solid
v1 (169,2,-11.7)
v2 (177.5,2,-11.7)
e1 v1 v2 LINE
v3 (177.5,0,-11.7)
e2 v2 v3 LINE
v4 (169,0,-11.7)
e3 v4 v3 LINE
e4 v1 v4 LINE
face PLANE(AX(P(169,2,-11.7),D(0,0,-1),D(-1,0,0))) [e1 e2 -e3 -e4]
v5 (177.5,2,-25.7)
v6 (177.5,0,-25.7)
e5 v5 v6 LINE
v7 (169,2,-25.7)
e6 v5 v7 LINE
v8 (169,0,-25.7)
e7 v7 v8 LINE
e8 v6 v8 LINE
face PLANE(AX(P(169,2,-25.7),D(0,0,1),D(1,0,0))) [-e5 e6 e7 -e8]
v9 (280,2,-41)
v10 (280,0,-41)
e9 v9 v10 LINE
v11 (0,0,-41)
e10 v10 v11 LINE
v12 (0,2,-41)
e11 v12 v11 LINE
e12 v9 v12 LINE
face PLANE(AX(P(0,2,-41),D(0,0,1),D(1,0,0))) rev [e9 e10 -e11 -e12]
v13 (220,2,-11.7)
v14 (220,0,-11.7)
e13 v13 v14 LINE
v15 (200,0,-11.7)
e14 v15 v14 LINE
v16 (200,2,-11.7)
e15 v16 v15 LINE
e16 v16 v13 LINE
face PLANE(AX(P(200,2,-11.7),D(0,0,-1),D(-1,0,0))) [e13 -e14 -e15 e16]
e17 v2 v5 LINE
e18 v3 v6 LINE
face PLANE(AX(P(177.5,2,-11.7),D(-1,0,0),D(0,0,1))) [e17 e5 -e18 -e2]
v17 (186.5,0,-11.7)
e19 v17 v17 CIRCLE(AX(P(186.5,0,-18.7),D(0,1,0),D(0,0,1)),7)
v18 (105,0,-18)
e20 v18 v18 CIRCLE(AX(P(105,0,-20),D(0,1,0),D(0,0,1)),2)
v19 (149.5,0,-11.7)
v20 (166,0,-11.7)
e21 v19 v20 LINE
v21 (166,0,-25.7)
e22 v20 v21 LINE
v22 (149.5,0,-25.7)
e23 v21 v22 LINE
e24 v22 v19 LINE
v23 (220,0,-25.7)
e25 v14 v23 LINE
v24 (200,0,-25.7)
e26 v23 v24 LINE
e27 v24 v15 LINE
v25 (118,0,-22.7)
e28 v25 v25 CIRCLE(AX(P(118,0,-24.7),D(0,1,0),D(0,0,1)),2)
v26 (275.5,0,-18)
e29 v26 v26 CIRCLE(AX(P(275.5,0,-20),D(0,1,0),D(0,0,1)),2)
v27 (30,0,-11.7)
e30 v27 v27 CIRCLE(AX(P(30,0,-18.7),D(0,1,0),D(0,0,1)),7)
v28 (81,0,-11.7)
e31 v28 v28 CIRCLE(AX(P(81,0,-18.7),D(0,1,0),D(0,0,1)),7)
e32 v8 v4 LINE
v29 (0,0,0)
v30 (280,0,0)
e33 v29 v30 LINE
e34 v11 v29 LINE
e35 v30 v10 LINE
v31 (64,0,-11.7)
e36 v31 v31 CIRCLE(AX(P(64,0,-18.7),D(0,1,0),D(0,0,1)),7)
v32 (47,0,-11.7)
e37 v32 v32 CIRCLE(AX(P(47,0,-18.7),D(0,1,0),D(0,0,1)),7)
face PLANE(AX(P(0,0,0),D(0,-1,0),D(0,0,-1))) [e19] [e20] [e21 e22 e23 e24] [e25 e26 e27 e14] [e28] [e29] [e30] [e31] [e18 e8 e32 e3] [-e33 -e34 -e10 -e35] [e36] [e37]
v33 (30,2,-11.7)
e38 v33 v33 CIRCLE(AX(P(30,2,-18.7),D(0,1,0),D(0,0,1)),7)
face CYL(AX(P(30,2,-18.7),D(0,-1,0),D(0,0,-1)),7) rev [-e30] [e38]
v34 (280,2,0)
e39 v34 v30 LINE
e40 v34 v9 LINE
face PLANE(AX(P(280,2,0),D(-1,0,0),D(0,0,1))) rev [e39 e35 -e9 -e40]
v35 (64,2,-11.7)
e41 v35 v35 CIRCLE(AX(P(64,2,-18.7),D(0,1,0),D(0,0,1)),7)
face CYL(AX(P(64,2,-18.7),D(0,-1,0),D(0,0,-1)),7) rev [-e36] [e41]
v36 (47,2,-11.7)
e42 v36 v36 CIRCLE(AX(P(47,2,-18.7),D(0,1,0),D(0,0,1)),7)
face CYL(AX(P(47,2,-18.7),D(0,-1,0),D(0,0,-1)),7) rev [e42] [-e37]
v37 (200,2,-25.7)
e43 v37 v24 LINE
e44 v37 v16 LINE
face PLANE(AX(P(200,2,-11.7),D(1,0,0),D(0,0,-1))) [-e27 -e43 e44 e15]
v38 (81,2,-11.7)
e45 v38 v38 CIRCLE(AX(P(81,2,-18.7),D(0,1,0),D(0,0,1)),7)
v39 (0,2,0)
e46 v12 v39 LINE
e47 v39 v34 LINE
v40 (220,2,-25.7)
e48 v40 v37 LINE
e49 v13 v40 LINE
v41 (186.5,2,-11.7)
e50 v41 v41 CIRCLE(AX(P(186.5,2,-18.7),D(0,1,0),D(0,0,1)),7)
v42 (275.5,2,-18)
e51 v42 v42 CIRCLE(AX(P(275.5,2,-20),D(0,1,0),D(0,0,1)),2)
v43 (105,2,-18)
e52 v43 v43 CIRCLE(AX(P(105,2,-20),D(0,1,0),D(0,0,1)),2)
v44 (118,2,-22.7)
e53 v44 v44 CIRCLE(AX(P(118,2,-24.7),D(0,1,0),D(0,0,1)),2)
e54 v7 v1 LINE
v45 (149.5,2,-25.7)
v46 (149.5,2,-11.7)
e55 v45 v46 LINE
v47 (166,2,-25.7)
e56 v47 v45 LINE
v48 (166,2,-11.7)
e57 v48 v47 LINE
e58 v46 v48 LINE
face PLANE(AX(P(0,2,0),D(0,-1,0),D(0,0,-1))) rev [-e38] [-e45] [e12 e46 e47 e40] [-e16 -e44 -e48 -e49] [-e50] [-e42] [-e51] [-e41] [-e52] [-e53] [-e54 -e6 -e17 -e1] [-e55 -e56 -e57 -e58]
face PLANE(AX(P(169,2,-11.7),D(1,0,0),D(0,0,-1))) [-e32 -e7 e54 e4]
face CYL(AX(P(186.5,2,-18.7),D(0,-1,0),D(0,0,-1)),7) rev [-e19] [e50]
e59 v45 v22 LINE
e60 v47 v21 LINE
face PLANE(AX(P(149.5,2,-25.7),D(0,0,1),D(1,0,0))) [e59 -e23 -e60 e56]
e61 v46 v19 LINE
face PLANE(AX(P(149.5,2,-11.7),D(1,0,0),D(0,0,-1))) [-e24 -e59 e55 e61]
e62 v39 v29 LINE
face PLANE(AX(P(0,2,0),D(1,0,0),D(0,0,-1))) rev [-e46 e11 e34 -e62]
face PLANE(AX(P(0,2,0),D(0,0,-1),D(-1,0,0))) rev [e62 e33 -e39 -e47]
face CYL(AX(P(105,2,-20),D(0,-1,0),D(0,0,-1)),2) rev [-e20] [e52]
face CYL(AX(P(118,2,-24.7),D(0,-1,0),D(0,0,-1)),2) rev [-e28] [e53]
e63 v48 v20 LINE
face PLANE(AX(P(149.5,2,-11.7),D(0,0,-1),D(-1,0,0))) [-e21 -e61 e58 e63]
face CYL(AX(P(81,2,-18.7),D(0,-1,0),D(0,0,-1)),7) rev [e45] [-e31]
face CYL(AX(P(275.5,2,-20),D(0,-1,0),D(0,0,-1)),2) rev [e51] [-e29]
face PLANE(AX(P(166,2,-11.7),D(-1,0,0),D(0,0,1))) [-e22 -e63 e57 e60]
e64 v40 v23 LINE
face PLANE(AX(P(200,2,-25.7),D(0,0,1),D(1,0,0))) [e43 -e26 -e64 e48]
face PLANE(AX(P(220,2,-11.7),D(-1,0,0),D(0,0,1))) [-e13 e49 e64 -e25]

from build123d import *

# Parameters (mm, degrees)
SKETCH_1_W      = 280
SKETCH_1_H      = 41
SKETCH_1_R      = 7
SKETCH_1_R_2    = 2
SKETCH_1_W_2    = 16.5
SKETCH_1_H_2    = 14
SKETCH_1_W_3    = 8.5
SKETCH_1_W_4    = 20
EXTRUDE_1_DEPTH = 2


with BuildPart() as part:
    # 草图1 → 凸台-拉伸1 (new body)
    with BuildSketch(Plane(origin=(0, 0, 0), x_dir=(1, 0, 0), z_dir=(0, 1, 0))):
        with Locations((140, 20.5)):
            Rectangle(SKETCH_1_W, SKETCH_1_H)
        with Locations((30, 18.7)):
            Circle(SKETCH_1_R, mode=Mode.SUBTRACT)
        with Locations((47, 18.7)):
            Circle(SKETCH_1_R, mode=Mode.SUBTRACT)
        with Locations((64, 18.7)):
            Circle(SKETCH_1_R, mode=Mode.SUBTRACT)
        with Locations((81, 18.7)):
            Circle(SKETCH_1_R, mode=Mode.SUBTRACT)
        with Locations((186.5, 18.7)):
            Circle(SKETCH_1_R, mode=Mode.SUBTRACT)
        with Locations((118, 24.7)):
            Circle(SKETCH_1_R_2, mode=Mode.SUBTRACT)
        with Locations((105, 20)):
            Circle(SKETCH_1_R_2, mode=Mode.SUBTRACT)
        with Locations((275.5, 20)):
            Circle(SKETCH_1_R_2, mode=Mode.SUBTRACT)
        with Locations((157.75, 18.7)):
            Rectangle(SKETCH_1_W_2, SKETCH_1_H_2, mode=Mode.SUBTRACT)
        with Locations((173.25, 18.7)):
            Rectangle(SKETCH_1_W_3, SKETCH_1_H_2, mode=Mode.SUBTRACT)
        with Locations((210, 18.7)):
            Rectangle(SKETCH_1_W_4, SKETCH_1_H_2, mode=Mode.SUBTRACT)
    extrude(amount=EXTRUDE_1_DEPTH)


solid = part.part
